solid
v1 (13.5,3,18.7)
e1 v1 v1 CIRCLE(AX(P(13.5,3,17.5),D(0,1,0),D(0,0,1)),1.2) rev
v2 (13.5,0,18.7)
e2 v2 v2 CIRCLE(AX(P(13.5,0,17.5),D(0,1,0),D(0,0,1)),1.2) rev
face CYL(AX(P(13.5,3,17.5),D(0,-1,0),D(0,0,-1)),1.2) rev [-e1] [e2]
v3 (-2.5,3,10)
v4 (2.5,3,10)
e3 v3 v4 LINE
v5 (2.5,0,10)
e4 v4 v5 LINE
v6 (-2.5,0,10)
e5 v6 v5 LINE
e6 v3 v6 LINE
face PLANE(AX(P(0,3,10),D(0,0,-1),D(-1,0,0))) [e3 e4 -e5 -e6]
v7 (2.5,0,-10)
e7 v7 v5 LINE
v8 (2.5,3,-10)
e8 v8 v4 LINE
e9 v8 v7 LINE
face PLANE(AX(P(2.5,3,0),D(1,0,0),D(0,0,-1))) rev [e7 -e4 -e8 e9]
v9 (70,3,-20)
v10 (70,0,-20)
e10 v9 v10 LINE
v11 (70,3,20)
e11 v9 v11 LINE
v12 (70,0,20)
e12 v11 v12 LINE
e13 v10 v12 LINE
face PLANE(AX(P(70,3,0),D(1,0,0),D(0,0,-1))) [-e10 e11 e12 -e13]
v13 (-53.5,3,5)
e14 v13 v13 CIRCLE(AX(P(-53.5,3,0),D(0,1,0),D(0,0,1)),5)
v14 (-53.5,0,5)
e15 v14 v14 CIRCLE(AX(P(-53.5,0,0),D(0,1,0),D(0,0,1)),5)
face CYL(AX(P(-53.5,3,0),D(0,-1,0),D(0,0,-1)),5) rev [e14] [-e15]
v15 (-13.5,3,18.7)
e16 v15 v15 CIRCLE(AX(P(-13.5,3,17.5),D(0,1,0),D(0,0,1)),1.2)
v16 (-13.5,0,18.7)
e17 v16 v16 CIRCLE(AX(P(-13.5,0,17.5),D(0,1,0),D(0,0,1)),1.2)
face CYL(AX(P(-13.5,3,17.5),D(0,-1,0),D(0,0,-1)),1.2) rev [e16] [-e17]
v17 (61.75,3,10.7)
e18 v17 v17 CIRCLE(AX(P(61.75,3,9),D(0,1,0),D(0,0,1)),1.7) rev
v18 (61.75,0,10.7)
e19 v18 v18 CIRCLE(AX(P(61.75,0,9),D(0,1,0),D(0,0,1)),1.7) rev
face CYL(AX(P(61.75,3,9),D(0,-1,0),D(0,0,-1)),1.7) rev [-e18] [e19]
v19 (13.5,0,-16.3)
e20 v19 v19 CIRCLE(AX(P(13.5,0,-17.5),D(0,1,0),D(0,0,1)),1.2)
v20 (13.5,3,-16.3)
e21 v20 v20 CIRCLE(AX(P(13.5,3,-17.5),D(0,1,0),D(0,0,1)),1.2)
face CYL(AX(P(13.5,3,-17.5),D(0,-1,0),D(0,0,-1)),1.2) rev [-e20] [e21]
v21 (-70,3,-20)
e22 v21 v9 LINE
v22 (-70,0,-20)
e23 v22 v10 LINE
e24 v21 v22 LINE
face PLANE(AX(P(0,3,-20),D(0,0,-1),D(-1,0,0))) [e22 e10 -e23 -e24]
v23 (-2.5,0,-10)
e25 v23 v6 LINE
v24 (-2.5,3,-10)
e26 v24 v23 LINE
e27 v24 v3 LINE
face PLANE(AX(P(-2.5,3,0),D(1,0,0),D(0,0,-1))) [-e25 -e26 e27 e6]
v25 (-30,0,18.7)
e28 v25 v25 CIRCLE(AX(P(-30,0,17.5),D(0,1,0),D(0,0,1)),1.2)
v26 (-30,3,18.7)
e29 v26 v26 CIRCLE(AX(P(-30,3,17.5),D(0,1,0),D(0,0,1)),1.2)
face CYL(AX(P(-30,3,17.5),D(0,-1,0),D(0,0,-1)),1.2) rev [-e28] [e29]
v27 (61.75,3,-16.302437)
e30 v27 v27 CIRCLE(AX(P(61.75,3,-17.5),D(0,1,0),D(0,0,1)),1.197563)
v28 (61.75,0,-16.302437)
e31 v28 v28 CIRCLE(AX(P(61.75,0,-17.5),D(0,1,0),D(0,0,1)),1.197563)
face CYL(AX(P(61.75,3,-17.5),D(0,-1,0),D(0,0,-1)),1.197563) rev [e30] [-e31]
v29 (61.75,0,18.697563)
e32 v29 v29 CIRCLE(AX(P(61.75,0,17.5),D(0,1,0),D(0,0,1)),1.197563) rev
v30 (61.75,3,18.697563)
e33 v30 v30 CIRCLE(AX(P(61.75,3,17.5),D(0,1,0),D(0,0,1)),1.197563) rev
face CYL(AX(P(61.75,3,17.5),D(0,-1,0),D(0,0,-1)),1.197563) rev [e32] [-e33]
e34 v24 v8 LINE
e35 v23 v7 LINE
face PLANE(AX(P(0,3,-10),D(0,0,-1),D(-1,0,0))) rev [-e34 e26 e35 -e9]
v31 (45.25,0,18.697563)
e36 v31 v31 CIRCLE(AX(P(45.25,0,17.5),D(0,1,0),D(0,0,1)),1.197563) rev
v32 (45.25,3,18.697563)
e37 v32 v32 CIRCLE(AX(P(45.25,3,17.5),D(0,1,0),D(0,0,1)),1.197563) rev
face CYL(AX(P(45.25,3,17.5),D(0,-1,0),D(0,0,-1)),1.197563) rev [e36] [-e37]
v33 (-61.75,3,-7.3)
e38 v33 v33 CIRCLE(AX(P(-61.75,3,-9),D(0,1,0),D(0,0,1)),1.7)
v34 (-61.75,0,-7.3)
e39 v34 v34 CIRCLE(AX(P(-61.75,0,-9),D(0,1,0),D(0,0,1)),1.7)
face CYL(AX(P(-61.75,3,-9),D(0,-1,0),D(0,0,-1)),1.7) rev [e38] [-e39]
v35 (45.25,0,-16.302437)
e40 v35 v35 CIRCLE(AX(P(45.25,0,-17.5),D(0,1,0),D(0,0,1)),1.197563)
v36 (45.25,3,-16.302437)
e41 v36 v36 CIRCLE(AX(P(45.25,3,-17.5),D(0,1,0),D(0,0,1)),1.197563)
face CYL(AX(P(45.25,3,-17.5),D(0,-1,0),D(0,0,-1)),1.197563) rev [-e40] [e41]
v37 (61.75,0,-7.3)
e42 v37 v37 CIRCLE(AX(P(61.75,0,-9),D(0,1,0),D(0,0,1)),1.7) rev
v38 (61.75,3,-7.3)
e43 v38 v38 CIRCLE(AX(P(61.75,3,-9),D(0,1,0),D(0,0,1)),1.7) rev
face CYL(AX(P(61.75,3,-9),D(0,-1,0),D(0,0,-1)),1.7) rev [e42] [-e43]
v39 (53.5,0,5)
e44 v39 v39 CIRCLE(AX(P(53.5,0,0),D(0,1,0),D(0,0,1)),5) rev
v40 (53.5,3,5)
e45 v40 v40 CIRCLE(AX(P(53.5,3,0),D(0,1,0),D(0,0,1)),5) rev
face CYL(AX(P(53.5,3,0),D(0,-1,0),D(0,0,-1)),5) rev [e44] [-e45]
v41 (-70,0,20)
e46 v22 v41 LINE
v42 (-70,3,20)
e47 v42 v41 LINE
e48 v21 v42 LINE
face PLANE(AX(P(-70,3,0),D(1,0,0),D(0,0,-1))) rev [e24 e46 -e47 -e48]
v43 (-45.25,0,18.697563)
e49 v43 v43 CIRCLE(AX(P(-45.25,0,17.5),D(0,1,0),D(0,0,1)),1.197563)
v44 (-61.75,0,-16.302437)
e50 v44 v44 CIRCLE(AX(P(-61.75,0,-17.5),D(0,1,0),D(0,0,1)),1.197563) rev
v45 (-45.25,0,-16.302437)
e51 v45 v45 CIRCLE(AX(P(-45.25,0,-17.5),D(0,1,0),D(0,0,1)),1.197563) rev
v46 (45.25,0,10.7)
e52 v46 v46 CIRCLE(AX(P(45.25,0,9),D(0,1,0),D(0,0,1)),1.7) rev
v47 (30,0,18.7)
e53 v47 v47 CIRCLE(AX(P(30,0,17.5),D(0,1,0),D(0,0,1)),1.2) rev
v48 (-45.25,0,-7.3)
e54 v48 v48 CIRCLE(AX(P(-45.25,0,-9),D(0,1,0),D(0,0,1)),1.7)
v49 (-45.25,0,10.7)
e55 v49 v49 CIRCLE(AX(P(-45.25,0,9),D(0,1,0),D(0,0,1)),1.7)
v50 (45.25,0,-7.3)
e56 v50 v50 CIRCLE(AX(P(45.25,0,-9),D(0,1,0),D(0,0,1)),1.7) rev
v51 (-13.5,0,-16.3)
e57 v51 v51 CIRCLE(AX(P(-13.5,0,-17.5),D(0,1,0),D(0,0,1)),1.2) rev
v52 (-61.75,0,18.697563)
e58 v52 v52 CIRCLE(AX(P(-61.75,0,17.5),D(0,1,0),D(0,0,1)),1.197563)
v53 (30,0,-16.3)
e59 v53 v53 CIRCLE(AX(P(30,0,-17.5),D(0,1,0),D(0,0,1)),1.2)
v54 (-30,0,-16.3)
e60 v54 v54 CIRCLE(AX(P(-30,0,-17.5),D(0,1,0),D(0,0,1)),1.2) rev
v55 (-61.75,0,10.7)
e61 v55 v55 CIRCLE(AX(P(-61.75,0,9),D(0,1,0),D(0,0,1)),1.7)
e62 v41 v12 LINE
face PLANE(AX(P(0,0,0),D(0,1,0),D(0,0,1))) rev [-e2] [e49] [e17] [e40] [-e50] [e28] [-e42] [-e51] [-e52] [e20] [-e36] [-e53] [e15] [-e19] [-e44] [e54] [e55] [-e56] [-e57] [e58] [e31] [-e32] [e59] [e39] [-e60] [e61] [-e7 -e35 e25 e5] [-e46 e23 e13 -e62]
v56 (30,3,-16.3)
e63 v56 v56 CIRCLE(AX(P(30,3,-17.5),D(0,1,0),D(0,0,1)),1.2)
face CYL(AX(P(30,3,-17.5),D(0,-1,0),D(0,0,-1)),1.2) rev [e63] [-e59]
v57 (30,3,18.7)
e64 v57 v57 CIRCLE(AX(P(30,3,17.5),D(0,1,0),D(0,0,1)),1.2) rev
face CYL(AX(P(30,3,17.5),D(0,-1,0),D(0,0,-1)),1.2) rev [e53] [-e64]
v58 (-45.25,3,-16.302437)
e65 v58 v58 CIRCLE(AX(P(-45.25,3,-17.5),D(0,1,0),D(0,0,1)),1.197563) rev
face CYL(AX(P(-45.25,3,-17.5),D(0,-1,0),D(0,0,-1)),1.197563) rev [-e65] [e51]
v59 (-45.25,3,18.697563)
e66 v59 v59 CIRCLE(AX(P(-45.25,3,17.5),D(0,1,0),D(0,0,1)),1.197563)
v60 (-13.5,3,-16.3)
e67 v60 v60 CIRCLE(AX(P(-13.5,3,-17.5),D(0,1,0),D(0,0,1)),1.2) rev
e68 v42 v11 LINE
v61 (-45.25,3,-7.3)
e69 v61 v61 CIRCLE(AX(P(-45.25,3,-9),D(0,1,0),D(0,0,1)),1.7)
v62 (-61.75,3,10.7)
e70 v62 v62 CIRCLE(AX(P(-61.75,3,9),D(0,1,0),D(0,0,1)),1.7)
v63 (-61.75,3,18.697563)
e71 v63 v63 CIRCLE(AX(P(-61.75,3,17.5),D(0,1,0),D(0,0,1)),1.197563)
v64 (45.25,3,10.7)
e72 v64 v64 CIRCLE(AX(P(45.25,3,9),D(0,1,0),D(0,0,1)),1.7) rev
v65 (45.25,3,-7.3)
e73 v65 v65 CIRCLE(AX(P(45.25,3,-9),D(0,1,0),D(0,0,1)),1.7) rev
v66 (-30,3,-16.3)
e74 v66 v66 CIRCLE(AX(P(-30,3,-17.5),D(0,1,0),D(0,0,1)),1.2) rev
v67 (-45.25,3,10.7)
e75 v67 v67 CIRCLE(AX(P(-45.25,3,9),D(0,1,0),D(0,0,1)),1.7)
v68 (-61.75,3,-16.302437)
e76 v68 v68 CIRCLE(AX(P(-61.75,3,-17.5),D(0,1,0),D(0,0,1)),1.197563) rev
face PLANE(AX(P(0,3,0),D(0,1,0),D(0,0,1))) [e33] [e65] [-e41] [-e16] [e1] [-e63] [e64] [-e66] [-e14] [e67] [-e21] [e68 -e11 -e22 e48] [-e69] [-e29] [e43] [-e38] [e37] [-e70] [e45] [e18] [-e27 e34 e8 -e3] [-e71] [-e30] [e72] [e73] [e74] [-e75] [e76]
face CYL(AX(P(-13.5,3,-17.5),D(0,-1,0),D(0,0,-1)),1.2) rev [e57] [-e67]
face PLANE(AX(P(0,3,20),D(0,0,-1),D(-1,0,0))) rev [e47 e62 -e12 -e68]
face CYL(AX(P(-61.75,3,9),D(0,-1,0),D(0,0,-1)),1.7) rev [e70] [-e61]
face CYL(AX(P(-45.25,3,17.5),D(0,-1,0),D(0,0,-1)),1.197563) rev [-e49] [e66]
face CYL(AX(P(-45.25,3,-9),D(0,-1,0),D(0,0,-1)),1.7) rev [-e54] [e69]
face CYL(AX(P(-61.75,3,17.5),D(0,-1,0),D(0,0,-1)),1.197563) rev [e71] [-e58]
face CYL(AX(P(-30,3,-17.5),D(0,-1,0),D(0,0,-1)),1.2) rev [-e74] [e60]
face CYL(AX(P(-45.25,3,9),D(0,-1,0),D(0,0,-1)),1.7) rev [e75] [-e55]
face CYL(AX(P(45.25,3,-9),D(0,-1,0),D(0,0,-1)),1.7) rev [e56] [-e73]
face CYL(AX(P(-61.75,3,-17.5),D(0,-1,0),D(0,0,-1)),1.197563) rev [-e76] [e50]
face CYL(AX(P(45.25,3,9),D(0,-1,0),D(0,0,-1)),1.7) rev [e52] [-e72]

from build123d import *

# Parameters (mm, degrees)
SKETCH1_W           = 67
SKETCH1_H           = 40
SKETCH1_R           = 1.2
SKETCH1_W_2         = 5
SKETCH1_H_2         = 20
SKETCH1_W_3         = 36.5
SKETCH1_R_2         = 1.197563381
SKETCH1_R_3         = 1.7
SKETCH1_R_4         = 5
BOSS_EXTRUDE2_DEPTH = 3


with BuildPart() as part:
    # Sketch1 → Boss-Extrude2 (new body)
    # profile 1 of 3: a face of its own
    with BuildSketch(Plane(origin=(0, 0, 0), x_dir=(1, 0, 0), z_dir=(0, 1, 0))):
        Rectangle(SKETCH1_W, SKETCH1_H)
        with Locations(Location((-30, -17.5, 0), (0, 0, 270))):
            Circle(SKETCH1_R, mode=Mode.SUBTRACT)
        with Locations(Location((-13.5, -17.5, 0), (0, 0, 270))):
            Circle(SKETCH1_R, mode=Mode.SUBTRACT)
        with Locations(Location((13.5, -17.5, 0), (0, 0, 270))):
            Circle(SKETCH1_R, mode=Mode.SUBTRACT)
        with Locations(Location((30, -17.5, 0), (0, 0, 270))):
            Circle(SKETCH1_R, mode=Mode.SUBTRACT)
        Rectangle(SKETCH1_W_2, SKETCH1_H_2, mode=Mode.SUBTRACT)
        with Locations(Location((-30, 17.5, 0), (0, 0, 270))):
            Circle(SKETCH1_R, mode=Mode.SUBTRACT)
        with Locations(Location((-13.5, 17.5, 0), (0, 0, 270))):
            Circle(SKETCH1_R, mode=Mode.SUBTRACT)
        with Locations(Location((13.5, 17.5, 0), (0, 0, 270))):
            Circle(SKETCH1_R, mode=Mode.SUBTRACT)
        with Locations(Location((30, 17.5, 0), (0, 0, 270))):
            Circle(SKETCH1_R, mode=Mode.SUBTRACT)
    # profile 2 of 3: a face of its own
    with BuildSketch(Plane(origin=(0, 0, 0), x_dir=(1, 0, 0), z_dir=(0, 1, 0))):
        with Locations((-51.75, 0)):
            Rectangle(SKETCH1_W_3, SKETCH1_H)
        with Locations(Location((-61.75, -17.5, 0), (0, 0, 270))):
            Circle(SKETCH1_R_2, mode=Mode.SUBTRACT)
        with Locations(Location((-45.25, -17.5, 0), (0, 0, 270))):
            Circle(SKETCH1_R_2, mode=Mode.SUBTRACT)
        with Locations(Location((-61.75, -9, 0), (0, 0, 270))):
            Circle(SKETCH1_R_3, mode=Mode.SUBTRACT)
        with Locations(Location((-45.25, -9, 0), (0, 0, 270))):
            Circle(SKETCH1_R_3, mode=Mode.SUBTRACT)
        with Locations(Location((-53.5, 0, 0), (0, 0, 270))):
            Circle(SKETCH1_R_4, mode=Mode.SUBTRACT)
        with Locations(Location((-61.75, 9, 0), (0, 0, 270))):
            Circle(SKETCH1_R_3, mode=Mode.SUBTRACT)
        with Locations(Location((-45.25, 9, 0), (0, 0, 270))):
            Circle(SKETCH1_R_3, mode=Mode.SUBTRACT)
        with Locations(Location((-61.75, 17.5, 0), (0, 0, 270))):
            Circle(SKETCH1_R_2, mode=Mode.SUBTRACT)
        with Locations(Location((-45.25, 17.5, 0), (0, 0, 270))):
            Circle(SKETCH1_R_2, mode=Mode.SUBTRACT)
    # profile 3 of 3: a face of its own
    with BuildSketch(Plane(origin=(0, 0, 0), x_dir=(1, 0, 0), z_dir=(0, 1, 0))):
        with Locations((51.75, 0)):
            Rectangle(SKETCH1_W_3, SKETCH1_H)
        with Locations(Location((45.25, -17.5, 0), (0, 0, 270))):
            Circle(SKETCH1_R_2, mode=Mode.SUBTRACT)
        with Locations(Location((61.75, -17.5, 0), (0, 0, 270))):
            Circle(SKETCH1_R_2, mode=Mode.SUBTRACT)
        with Locations(Location((45.25, -9, 0), (0, 0, 270))):
            Circle(SKETCH1_R_3, mode=Mode.SUBTRACT)
        with Locations(Location((61.75, -9, 0), (0, 0, 270))):
            Circle(SKETCH1_R_3, mode=Mode.SUBTRACT)
        with Locations(Location((53.5, 0, 0), (0, 0, 270))):
            Circle(SKETCH1_R_4, mode=Mode.SUBTRACT)
        with Locations(Location((45.25, 9, 0), (0, 0, 270))):
            Circle(SKETCH1_R_3, mode=Mode.SUBTRACT)
        with Locations(Location((61.75, 9, 0), (0, 0, 270))):
            Circle(SKETCH1_R_3, mode=Mode.SUBTRACT)
        with Locations(Location((45.25, 17.5, 0), (0, 0, 270))):
            Circle(SKETCH1_R_2, mode=Mode.SUBTRACT)
        with Locations(Location((61.75, 17.5, 0), (0, 0, 270))):
            Circle(SKETCH1_R_2, mode=Mode.SUBTRACT)
    extrude(amount=BOSS_EXTRUDE2_DEPTH)


solid = part.part
